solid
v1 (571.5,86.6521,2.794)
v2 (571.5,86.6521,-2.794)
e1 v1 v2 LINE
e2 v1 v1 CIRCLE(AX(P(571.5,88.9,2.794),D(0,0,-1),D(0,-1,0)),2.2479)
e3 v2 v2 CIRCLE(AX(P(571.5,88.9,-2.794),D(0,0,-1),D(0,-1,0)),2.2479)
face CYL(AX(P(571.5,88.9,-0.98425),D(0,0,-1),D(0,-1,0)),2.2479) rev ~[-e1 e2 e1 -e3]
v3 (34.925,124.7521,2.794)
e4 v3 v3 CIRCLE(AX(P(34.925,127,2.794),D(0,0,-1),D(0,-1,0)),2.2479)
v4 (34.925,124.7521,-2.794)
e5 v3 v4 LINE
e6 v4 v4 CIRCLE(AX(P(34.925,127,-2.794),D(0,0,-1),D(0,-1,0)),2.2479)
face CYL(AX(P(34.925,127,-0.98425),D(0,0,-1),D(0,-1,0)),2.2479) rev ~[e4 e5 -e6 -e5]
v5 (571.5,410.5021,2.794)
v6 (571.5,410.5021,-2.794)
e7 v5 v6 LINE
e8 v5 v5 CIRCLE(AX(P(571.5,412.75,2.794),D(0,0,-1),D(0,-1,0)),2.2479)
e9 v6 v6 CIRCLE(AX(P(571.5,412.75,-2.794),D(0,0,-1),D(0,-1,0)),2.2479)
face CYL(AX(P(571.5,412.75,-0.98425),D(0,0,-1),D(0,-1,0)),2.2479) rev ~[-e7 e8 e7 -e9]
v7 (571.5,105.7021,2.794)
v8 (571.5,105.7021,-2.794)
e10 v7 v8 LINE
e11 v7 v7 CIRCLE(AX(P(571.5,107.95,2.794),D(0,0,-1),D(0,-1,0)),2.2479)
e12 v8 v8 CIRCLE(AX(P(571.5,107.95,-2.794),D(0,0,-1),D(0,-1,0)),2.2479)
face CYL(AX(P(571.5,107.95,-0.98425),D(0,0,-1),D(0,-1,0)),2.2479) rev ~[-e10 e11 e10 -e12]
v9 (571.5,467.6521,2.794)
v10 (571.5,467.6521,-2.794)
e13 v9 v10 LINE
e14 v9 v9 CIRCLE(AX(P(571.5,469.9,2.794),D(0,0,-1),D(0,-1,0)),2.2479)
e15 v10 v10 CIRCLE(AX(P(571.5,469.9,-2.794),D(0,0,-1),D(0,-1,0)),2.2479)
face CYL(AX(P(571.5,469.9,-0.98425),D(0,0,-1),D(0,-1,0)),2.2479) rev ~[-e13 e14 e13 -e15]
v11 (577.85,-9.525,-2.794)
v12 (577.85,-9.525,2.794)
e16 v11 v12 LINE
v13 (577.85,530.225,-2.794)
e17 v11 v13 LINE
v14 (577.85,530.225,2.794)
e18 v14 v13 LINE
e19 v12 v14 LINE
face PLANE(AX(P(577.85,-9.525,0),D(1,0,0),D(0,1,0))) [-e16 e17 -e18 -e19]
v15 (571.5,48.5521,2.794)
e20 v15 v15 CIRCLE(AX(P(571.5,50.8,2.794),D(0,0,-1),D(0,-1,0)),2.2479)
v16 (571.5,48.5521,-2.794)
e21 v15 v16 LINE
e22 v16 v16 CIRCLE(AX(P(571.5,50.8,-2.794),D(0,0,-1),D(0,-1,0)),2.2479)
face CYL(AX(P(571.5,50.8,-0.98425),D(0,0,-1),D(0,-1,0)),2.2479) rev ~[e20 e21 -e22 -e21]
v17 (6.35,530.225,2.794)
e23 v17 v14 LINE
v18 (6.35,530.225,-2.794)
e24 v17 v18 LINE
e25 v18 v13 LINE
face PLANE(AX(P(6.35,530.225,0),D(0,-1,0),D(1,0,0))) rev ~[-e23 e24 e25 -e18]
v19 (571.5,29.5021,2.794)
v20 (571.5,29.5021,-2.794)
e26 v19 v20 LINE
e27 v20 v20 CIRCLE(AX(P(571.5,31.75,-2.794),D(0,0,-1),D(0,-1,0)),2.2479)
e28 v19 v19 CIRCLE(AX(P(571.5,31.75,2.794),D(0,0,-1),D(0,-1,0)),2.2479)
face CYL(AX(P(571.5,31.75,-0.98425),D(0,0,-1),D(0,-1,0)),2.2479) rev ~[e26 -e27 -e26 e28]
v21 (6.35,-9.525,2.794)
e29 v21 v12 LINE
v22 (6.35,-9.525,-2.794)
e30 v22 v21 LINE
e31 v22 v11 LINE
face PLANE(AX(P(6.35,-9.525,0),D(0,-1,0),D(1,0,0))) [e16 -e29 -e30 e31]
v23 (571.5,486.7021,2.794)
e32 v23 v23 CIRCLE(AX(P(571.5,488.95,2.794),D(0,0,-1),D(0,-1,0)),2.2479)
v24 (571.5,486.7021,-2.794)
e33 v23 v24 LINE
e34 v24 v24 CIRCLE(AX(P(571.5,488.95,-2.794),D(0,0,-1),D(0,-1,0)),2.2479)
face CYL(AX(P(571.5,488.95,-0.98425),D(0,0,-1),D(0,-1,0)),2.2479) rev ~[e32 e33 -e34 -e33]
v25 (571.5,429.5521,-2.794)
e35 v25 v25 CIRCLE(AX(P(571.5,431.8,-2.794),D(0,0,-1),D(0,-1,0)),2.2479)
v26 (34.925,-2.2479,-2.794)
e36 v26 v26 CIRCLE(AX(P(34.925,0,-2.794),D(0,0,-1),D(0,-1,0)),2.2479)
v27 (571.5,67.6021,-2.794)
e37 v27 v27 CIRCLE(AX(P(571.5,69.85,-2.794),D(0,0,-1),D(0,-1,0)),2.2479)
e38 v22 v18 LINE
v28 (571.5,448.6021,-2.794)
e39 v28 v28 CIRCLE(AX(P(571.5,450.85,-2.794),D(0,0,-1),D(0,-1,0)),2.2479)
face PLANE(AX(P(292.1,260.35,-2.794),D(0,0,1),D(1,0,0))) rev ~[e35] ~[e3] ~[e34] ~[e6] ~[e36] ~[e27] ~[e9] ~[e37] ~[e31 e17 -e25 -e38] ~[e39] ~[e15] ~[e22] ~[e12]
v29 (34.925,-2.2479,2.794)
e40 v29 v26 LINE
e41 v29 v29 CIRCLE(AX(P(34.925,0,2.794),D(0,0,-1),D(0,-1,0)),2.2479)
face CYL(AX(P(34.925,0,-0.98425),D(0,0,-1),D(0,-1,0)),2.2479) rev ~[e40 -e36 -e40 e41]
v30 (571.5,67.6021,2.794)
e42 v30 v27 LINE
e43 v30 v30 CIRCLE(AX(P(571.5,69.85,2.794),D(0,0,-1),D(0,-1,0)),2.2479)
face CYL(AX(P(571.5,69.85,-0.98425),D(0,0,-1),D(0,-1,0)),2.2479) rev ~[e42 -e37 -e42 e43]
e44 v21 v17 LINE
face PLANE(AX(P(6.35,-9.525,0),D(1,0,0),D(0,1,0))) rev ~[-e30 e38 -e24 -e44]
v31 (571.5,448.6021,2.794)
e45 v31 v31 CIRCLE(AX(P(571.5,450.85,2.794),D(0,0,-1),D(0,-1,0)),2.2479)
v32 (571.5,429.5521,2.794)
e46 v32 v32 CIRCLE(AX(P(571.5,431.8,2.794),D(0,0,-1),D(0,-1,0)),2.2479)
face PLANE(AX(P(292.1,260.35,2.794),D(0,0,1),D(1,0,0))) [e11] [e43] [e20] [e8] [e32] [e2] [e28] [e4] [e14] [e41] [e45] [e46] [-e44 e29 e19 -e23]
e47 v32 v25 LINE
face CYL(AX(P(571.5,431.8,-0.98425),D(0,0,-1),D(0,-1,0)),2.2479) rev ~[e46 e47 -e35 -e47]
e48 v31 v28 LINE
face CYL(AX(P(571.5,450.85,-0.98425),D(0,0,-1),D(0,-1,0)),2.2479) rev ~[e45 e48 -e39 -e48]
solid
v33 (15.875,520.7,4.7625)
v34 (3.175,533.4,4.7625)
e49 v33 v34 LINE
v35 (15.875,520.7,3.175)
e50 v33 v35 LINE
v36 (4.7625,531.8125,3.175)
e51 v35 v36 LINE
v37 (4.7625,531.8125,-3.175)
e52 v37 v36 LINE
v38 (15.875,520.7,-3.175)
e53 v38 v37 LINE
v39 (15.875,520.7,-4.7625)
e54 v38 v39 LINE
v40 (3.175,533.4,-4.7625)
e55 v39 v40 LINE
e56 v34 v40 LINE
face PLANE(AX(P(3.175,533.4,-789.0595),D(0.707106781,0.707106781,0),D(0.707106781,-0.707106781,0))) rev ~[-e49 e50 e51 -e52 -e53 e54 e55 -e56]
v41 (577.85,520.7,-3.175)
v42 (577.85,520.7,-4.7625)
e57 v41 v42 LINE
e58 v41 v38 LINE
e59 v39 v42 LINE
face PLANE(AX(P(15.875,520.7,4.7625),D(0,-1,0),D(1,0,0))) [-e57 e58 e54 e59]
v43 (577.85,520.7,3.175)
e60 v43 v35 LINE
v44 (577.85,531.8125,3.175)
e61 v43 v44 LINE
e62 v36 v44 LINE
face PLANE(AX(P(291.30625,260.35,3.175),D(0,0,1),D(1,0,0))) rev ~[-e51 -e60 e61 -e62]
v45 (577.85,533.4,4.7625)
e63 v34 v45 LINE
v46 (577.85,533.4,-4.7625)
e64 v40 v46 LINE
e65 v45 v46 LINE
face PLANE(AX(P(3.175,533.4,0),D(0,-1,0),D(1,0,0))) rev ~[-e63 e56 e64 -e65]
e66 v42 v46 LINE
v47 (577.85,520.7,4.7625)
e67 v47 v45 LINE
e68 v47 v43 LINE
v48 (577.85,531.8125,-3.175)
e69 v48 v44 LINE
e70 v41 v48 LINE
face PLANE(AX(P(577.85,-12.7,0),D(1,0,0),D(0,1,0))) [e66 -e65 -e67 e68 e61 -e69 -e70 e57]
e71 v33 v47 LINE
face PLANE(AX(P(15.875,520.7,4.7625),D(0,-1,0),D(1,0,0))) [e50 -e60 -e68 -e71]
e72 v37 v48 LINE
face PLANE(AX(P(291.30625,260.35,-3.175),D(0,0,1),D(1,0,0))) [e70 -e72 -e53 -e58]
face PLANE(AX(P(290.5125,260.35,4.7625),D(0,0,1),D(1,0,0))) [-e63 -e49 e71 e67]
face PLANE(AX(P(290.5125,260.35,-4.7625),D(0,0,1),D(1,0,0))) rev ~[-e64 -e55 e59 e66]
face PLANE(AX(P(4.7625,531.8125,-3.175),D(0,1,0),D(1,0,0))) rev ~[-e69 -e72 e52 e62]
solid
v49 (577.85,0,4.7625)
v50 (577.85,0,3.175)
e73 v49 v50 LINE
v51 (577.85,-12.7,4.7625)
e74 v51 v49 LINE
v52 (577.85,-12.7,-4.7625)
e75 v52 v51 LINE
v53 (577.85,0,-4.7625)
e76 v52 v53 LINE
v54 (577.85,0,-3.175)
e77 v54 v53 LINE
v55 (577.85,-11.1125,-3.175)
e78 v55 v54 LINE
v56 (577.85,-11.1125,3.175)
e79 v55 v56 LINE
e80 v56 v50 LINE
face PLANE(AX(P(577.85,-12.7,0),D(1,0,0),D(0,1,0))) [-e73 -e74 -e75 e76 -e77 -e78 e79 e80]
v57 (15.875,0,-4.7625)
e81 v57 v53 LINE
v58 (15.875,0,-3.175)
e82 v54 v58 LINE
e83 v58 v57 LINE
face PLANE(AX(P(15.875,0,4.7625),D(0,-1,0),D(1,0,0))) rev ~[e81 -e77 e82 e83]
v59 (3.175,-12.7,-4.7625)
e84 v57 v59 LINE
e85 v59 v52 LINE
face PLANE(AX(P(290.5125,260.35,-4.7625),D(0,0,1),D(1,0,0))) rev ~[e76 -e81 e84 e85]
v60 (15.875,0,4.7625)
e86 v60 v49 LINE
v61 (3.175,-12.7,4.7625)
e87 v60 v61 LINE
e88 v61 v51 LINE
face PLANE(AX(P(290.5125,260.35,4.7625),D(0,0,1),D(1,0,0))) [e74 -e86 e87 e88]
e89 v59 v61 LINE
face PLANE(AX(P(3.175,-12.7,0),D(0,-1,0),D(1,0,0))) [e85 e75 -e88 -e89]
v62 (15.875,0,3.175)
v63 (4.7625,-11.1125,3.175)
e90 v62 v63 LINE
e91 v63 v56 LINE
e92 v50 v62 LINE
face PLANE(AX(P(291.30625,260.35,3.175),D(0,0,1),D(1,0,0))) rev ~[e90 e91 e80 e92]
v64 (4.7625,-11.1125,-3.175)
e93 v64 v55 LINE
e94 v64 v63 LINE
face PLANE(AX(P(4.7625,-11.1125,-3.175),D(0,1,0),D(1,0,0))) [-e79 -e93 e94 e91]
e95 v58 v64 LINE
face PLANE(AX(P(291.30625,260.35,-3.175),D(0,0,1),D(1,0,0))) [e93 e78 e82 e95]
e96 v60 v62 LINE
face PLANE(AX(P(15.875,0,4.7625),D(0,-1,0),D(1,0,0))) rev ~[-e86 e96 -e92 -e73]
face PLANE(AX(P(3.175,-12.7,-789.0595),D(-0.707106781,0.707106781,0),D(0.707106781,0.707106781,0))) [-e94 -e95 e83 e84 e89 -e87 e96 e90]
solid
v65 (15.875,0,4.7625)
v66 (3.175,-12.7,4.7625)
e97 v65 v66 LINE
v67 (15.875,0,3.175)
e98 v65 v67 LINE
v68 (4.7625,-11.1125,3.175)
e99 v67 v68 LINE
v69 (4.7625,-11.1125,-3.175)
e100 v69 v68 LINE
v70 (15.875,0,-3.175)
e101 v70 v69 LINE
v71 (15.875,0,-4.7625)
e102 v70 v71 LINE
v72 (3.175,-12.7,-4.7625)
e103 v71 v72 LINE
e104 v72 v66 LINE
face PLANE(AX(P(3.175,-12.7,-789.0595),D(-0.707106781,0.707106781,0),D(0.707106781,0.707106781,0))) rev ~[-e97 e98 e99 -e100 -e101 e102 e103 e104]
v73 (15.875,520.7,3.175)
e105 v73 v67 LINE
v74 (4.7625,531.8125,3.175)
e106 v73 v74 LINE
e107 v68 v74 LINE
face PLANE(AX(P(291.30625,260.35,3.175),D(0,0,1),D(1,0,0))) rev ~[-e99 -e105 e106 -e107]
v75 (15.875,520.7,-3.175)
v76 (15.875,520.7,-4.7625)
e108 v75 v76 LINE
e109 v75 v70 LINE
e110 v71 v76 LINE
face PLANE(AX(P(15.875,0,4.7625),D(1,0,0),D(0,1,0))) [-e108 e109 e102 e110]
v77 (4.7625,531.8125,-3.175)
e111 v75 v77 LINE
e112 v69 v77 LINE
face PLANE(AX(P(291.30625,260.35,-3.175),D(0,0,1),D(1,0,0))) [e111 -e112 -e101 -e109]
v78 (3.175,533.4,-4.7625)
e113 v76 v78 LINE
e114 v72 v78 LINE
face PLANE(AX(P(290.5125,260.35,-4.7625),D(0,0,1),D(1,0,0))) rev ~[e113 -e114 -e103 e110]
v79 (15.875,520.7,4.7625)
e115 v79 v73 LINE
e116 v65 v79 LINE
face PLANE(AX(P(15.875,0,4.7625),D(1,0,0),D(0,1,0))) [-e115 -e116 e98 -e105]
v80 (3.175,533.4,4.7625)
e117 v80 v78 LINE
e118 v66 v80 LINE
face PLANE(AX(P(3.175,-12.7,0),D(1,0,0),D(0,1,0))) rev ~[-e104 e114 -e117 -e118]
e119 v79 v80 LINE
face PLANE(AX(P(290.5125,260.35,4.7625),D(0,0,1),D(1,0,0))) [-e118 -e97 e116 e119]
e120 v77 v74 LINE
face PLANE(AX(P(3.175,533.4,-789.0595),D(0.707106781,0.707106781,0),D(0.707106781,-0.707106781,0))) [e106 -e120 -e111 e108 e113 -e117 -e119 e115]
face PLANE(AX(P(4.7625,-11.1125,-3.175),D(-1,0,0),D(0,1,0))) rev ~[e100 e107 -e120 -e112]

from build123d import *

# Parameters (mm, degrees)
SKETCH2_W                             = 574.675
SKETCH2_H                             = 546.1
FRAME_OUTER_DIMENSIONS_DEPTH          = 4.7625
SKETCH3_W                             = 561.975
SKETCH3_H                             = 520.7
FRAME_INNER_DIMENSIONS_DEPTH          = 787.458459249
FRAME_PROFILE_DEPTH                   = 3.175
FRAME_PROFILE_DEPTH_BACK              = 3.175
SKETCH4_W                             = 573.0875
SKETCH4_H                             = 542.925
FRAME_SECTION_SPLIT_SURFACE_1_1_BACK  = 793.822
FRAME_SECTION_SPLIT_SURFACE_1_1_DEPTH = 1587.644
FRAME_SECTION_SPLIT_SURFACE_1_2_BACK  = 793.822
FRAME_SECTION_SPLIT_SURFACE_1_2_DEPTH = 1587.644
FRAME_SECTION_SPLIT_SURFACE_2_3_BACK  = 793.822
FRAME_SECTION_SPLIT_SURFACE_2_3_DEPTH = 1587.644
FRAME_SECTION_SPLIT_SURFACE_2_4_BACK  = 793.822
FRAME_SECTION_SPLIT_SURFACE_2_4_DEPTH = 1587.644
SKETCH5_W                             = 571.5
SKETCH5_H                             = 539.75
DOOR_PANEL_DEPTH                      = 2.794
SKETCH9_W                             = 2.2479
SKETCH9_H                             = 7.5565
F_8_CLEARANCE_HOLE1_AT_2_COUNT        = 2
F_8_CLEARANCE_HOLE1_AT_2_PITCH        = 19.05
F_8_CLEARANCE_HOLE1_AT_3_COUNT        = 2
F_8_CLEARANCE_HOLE1_AT_3_PITCH        = 38.1
F_8_CLEARANCE_HOLE1_AT_4_COUNT        = 2
F_8_CLEARANCE_HOLE1_AT_4_PITCH        = 57.15
F_8_CLEARANCE_HOLE1_AT_5_COUNT        = 2
F_8_CLEARANCE_HOLE1_AT_5_PITCH        = 76.2
F_8_CLEARANCE_HOLE1_AT_6_COUNT        = 2
F_8_CLEARANCE_HOLE1_AT_6_PITCH        = 400.05
F_8_CLEARANCE_HOLE1_AT_7_COUNT        = 2
F_8_CLEARANCE_HOLE1_AT_7_PITCH        = 419.1
F_8_CLEARANCE_HOLE1_AT_8_COUNT        = 2
F_8_CLEARANCE_HOLE1_AT_8_PITCH        = 438.15
F_8_CLEARANCE_HOLE1_AT_9_COUNT        = 2
F_8_CLEARANCE_HOLE1_AT_9_PITCH        = 457.2
F_8_CLEARANCE_HOLE1_AT_10_COUNT       = 2
F_8_CLEARANCE_HOLE1_AT_10_PITCH       = 381
SKETCH12_W                            = 2.2479
SKETCH12_H                            = 7.5565
F_8_CLEARANCE_HOLE2_AT_2_COUNT        = 2
F_8_CLEARANCE_HOLE2_AT_2_PITCH        = 127


with BuildPart() as part:
    # Sketch2 → Frame outer dimensions (new, symmetric)
    with BuildSketch(Plane.XY):
        with Locations((290.5125, 260.35)):
            Rectangle(SKETCH2_W, SKETCH2_H)
    extrude(amount=FRAME_OUTER_DIMENSIONS_DEPTH, both=True)

    # Sketch3 → Frame inner dimensions (cut, through all)
    with BuildSketch(Plane.XY.offset(4.7625)):
        with Locations((296.8625, 260.35)):
            Rectangle(SKETCH3_W, SKETCH3_H)
    extrude(amount=-FRAME_INNER_DIMENSIONS_DEPTH, mode=Mode.SUBTRACT)

    # Sketch4 → Frame profile (cut, two sides: drawn at the far end of the back side and taken through both)
    with BuildSketch(Plane.XY.offset(-FRAME_PROFILE_DEPTH_BACK)):
        with Locations((291.30625, 260.35)):
            Rectangle(SKETCH4_W, SKETCH4_H)
    extrude(amount=FRAME_PROFILE_DEPTH + FRAME_PROFILE_DEPTH_BACK, mode=Mode.SUBTRACT)


with BuildPart() as body_2:
    # Frame section split: the piece behind the surface
    add(part.part)
    # Frame section split surface 1: a surface, the sketch's curves swept straight by 1587.644 mm
    with BuildLine(Plane.XY.offset(4.7625).offset(-FRAME_SECTION_SPLIT_SURFACE_1_1_BACK), mode=Mode.PRIVATE) as frame_section_split_surface_1_1_path:
        Line((3.175, 533.4), (15.875, 520.7))
    frame_section_split_surface_1_1 = Shell.extrude(frame_section_split_surface_1_1_path.wire(), (0 * FRAME_SECTION_SPLIT_SURFACE_1_1_DEPTH, 0 * FRAME_SECTION_SPLIT_SURFACE_1_1_DEPTH, 1 * FRAME_SECTION_SPLIT_SURFACE_1_1_DEPTH))
    split(bisect_by=frame_section_split_surface_1_1, keep=Keep.BOTTOM)


with BuildPart() as part_1:
    add(part.part)

    # Frame section split: split by a surface, the side it looks to stays
    # Frame section split surface 1: a surface, the sketch's curves swept straight by 1587.644 mm
    with BuildLine(Plane.XY.offset(4.7625).offset(-FRAME_SECTION_SPLIT_SURFACE_1_2_BACK), mode=Mode.PRIVATE) as frame_section_split_surface_1_2_path:
        Line((3.175, 533.4), (15.875, 520.7))
    frame_section_split_surface_1_2 = Shell.extrude(frame_section_split_surface_1_2_path.wire(), (0 * FRAME_SECTION_SPLIT_SURFACE_1_2_DEPTH, 0 * FRAME_SECTION_SPLIT_SURFACE_1_2_DEPTH, 1 * FRAME_SECTION_SPLIT_SURFACE_1_2_DEPTH))
    split(bisect_by=frame_section_split_surface_1_2, keep=Keep.TOP)


with BuildPart() as body_3:
    # Frame section split 2 body 2: the piece behind the surface
    add(body_2.part)
    # Frame section split surface 2: a surface, the sketch's curves swept straight by 1587.644 mm
    with BuildLine(Plane.XY.offset(4.7625).offset(-FRAME_SECTION_SPLIT_SURFACE_2_3_BACK), mode=Mode.PRIVATE) as frame_section_split_surface_2_3_path:
        Line((3.175, -12.7), (15.875, 0))
    frame_section_split_surface_2_3 = Shell.extrude(frame_section_split_surface_2_3_path.wire(), (0 * FRAME_SECTION_SPLIT_SURFACE_2_3_DEPTH, 0 * FRAME_SECTION_SPLIT_SURFACE_2_3_DEPTH, 1 * FRAME_SECTION_SPLIT_SURFACE_2_3_DEPTH))
    split(bisect_by=frame_section_split_surface_2_3, keep=Keep.BOTTOM)


with BuildPart() as body_2_1:
    add(body_2.part)

    # Frame section split 2 body 2: split by a surface, the side it looks to stays
    # Frame section split surface 2: a surface, the sketch's curves swept straight by 1587.644 mm
    with BuildLine(Plane.XY.offset(4.7625).offset(-FRAME_SECTION_SPLIT_SURFACE_2_4_BACK), mode=Mode.PRIVATE) as frame_section_split_surface_2_4_path:
        Line((3.175, -12.7), (15.875, 0))
    frame_section_split_surface_2_4 = Shell.extrude(frame_section_split_surface_2_4_path.wire(), (0 * FRAME_SECTION_SPLIT_SURFACE_2_4_DEPTH, 0 * FRAME_SECTION_SPLIT_SURFACE_2_4_DEPTH, 1 * FRAME_SECTION_SPLIT_SURFACE_2_4_DEPTH))
    split(bisect_by=frame_section_split_surface_2_4, keep=Keep.TOP)


with BuildPart() as body_4:
    # Sketch5 → Door panel (new, symmetric)
    with BuildSketch(Plane.XY):
        with Locations((292.1, 260.35)):
            Rectangle(SKETCH5_W, SKETCH5_H)
    extrude(amount=DOOR_PANEL_DEPTH, both=True)

    # Sketch9 → #8 Clearance Hole1 (revolve, cut)
    with BuildSketch(Plane(origin=(571.5, 31.75, 2.794), x_dir=(0, -1, 0), z_dir=(1, 0, 0))):
        with Locations((1.12395, 3.77825)):
            Rectangle(SKETCH9_W, SKETCH9_H)
    f_8_clearance_hole1 = revolve(axis=Axis((571.5, 31.75, 9.144), (0, 0, -1)), mode=Mode.SUBTRACT)

    # #8 Clearance Hole1 at 2: #8 Clearance Hole1 ×2
    with Locations(*[(0, i * F_8_CLEARANCE_HOLE1_AT_2_PITCH, 0) for i in range(1, F_8_CLEARANCE_HOLE1_AT_2_COUNT)]):
        add(f_8_clearance_hole1, mode=Mode.SUBTRACT)

    # #8 Clearance Hole1 at 3: #8 Clearance Hole1 ×2
    with Locations(*[(0, i * F_8_CLEARANCE_HOLE1_AT_3_PITCH, 0) for i in range(1, F_8_CLEARANCE_HOLE1_AT_3_COUNT)]):
        add(f_8_clearance_hole1, mode=Mode.SUBTRACT)

    # #8 Clearance Hole1 at 4: #8 Clearance Hole1 ×2
    with Locations(*[(0, i * F_8_CLEARANCE_HOLE1_AT_4_PITCH, 0) for i in range(1, F_8_CLEARANCE_HOLE1_AT_4_COUNT)]):
        add(f_8_clearance_hole1, mode=Mode.SUBTRACT)

    # #8 Clearance Hole1 at 5: #8 Clearance Hole1 ×2
    with Locations(*[(0, i * F_8_CLEARANCE_HOLE1_AT_5_PITCH, 0) for i in range(1, F_8_CLEARANCE_HOLE1_AT_5_COUNT)]):
        add(f_8_clearance_hole1, mode=Mode.SUBTRACT)

    # #8 Clearance Hole1 at 6: #8 Clearance Hole1 ×2
    with Locations(*[(0, i * F_8_CLEARANCE_HOLE1_AT_6_PITCH, 0) for i in range(1, F_8_CLEARANCE_HOLE1_AT_6_COUNT)]):
        add(f_8_clearance_hole1, mode=Mode.SUBTRACT)

    # #8 Clearance Hole1 at 7: #8 Clearance Hole1 ×2
    with Locations(*[(0, i * F_8_CLEARANCE_HOLE1_AT_7_PITCH, 0) for i in range(1, F_8_CLEARANCE_HOLE1_AT_7_COUNT)]):
        add(f_8_clearance_hole1, mode=Mode.SUBTRACT)

    # #8 Clearance Hole1 at 8: #8 Clearance Hole1 ×2
    with Locations(*[(0, i * F_8_CLEARANCE_HOLE1_AT_8_PITCH, 0) for i in range(1, F_8_CLEARANCE_HOLE1_AT_8_COUNT)]):
        add(f_8_clearance_hole1, mode=Mode.SUBTRACT)

    # #8 Clearance Hole1 at 9: #8 Clearance Hole1 ×2
    with Locations(*[(0, i * F_8_CLEARANCE_HOLE1_AT_9_PITCH, 0) for i in range(1, F_8_CLEARANCE_HOLE1_AT_9_COUNT)]):
        add(f_8_clearance_hole1, mode=Mode.SUBTRACT)

    # #8 Clearance Hole1 at 10: #8 Clearance Hole1 ×2
    with Locations(*[(0, i * F_8_CLEARANCE_HOLE1_AT_10_PITCH, 0) for i in range(1, F_8_CLEARANCE_HOLE1_AT_10_COUNT)]):
        add(f_8_clearance_hole1, mode=Mode.SUBTRACT)

    # Sketch12 → #8 Clearance Hole2 (revolve, cut)
    with BuildSketch(Plane(origin=(34.925, 0, 2.794), x_dir=(0, -1, 0), z_dir=(1, 0, 0))):
        with Locations((1.12395, 3.77825)):
            Rectangle(SKETCH12_W, SKETCH12_H)
    f_8_clearance_hole2 = revolve(axis=Axis((34.925, 0, 9.144), (0, 0, -1)), mode=Mode.SUBTRACT)

    # #8 Clearance Hole2 at 2: #8 Clearance Hole2 ×2
    with Locations(*[(0, i * F_8_CLEARANCE_HOLE2_AT_2_PITCH, 0) for i in range(1, F_8_CLEARANCE_HOLE2_AT_2_COUNT)]):
        add(f_8_clearance_hole2, mode=Mode.SUBTRACT)


with BuildPart() as body_5:
    # Mirror1: mirrored copy
    add(part_1.part.mirror(Plane(origin=(0, 0, 0), x_dir=(0, 0, 1), z_dir=(1, 0, 0))))


with BuildPart() as body_6:
    # Mirror1 2: mirrored copy
    add(body_2_1.part.mirror(Plane(origin=(0, 0, 0), x_dir=(0, 0, 1), z_dir=(1, 0, 0))))


with BuildPart() as body_7:
    # Mirror1 3: mirrored copy
    add(body_3.part.mirror(Plane(origin=(0, 0, 0), x_dir=(0, 0, 1), z_dir=(1, 0, 0))))


with BuildPart() as body_8:
    # Mirror1 4: mirrored copy
    add(body_4.part.mirror(Plane(origin=(0, 0, 0), x_dir=(0, 0, 1), z_dir=(1, 0, 0))))


solid = Compound([part_1.part, body_3.part, body_2_1.part, body_4.part])
